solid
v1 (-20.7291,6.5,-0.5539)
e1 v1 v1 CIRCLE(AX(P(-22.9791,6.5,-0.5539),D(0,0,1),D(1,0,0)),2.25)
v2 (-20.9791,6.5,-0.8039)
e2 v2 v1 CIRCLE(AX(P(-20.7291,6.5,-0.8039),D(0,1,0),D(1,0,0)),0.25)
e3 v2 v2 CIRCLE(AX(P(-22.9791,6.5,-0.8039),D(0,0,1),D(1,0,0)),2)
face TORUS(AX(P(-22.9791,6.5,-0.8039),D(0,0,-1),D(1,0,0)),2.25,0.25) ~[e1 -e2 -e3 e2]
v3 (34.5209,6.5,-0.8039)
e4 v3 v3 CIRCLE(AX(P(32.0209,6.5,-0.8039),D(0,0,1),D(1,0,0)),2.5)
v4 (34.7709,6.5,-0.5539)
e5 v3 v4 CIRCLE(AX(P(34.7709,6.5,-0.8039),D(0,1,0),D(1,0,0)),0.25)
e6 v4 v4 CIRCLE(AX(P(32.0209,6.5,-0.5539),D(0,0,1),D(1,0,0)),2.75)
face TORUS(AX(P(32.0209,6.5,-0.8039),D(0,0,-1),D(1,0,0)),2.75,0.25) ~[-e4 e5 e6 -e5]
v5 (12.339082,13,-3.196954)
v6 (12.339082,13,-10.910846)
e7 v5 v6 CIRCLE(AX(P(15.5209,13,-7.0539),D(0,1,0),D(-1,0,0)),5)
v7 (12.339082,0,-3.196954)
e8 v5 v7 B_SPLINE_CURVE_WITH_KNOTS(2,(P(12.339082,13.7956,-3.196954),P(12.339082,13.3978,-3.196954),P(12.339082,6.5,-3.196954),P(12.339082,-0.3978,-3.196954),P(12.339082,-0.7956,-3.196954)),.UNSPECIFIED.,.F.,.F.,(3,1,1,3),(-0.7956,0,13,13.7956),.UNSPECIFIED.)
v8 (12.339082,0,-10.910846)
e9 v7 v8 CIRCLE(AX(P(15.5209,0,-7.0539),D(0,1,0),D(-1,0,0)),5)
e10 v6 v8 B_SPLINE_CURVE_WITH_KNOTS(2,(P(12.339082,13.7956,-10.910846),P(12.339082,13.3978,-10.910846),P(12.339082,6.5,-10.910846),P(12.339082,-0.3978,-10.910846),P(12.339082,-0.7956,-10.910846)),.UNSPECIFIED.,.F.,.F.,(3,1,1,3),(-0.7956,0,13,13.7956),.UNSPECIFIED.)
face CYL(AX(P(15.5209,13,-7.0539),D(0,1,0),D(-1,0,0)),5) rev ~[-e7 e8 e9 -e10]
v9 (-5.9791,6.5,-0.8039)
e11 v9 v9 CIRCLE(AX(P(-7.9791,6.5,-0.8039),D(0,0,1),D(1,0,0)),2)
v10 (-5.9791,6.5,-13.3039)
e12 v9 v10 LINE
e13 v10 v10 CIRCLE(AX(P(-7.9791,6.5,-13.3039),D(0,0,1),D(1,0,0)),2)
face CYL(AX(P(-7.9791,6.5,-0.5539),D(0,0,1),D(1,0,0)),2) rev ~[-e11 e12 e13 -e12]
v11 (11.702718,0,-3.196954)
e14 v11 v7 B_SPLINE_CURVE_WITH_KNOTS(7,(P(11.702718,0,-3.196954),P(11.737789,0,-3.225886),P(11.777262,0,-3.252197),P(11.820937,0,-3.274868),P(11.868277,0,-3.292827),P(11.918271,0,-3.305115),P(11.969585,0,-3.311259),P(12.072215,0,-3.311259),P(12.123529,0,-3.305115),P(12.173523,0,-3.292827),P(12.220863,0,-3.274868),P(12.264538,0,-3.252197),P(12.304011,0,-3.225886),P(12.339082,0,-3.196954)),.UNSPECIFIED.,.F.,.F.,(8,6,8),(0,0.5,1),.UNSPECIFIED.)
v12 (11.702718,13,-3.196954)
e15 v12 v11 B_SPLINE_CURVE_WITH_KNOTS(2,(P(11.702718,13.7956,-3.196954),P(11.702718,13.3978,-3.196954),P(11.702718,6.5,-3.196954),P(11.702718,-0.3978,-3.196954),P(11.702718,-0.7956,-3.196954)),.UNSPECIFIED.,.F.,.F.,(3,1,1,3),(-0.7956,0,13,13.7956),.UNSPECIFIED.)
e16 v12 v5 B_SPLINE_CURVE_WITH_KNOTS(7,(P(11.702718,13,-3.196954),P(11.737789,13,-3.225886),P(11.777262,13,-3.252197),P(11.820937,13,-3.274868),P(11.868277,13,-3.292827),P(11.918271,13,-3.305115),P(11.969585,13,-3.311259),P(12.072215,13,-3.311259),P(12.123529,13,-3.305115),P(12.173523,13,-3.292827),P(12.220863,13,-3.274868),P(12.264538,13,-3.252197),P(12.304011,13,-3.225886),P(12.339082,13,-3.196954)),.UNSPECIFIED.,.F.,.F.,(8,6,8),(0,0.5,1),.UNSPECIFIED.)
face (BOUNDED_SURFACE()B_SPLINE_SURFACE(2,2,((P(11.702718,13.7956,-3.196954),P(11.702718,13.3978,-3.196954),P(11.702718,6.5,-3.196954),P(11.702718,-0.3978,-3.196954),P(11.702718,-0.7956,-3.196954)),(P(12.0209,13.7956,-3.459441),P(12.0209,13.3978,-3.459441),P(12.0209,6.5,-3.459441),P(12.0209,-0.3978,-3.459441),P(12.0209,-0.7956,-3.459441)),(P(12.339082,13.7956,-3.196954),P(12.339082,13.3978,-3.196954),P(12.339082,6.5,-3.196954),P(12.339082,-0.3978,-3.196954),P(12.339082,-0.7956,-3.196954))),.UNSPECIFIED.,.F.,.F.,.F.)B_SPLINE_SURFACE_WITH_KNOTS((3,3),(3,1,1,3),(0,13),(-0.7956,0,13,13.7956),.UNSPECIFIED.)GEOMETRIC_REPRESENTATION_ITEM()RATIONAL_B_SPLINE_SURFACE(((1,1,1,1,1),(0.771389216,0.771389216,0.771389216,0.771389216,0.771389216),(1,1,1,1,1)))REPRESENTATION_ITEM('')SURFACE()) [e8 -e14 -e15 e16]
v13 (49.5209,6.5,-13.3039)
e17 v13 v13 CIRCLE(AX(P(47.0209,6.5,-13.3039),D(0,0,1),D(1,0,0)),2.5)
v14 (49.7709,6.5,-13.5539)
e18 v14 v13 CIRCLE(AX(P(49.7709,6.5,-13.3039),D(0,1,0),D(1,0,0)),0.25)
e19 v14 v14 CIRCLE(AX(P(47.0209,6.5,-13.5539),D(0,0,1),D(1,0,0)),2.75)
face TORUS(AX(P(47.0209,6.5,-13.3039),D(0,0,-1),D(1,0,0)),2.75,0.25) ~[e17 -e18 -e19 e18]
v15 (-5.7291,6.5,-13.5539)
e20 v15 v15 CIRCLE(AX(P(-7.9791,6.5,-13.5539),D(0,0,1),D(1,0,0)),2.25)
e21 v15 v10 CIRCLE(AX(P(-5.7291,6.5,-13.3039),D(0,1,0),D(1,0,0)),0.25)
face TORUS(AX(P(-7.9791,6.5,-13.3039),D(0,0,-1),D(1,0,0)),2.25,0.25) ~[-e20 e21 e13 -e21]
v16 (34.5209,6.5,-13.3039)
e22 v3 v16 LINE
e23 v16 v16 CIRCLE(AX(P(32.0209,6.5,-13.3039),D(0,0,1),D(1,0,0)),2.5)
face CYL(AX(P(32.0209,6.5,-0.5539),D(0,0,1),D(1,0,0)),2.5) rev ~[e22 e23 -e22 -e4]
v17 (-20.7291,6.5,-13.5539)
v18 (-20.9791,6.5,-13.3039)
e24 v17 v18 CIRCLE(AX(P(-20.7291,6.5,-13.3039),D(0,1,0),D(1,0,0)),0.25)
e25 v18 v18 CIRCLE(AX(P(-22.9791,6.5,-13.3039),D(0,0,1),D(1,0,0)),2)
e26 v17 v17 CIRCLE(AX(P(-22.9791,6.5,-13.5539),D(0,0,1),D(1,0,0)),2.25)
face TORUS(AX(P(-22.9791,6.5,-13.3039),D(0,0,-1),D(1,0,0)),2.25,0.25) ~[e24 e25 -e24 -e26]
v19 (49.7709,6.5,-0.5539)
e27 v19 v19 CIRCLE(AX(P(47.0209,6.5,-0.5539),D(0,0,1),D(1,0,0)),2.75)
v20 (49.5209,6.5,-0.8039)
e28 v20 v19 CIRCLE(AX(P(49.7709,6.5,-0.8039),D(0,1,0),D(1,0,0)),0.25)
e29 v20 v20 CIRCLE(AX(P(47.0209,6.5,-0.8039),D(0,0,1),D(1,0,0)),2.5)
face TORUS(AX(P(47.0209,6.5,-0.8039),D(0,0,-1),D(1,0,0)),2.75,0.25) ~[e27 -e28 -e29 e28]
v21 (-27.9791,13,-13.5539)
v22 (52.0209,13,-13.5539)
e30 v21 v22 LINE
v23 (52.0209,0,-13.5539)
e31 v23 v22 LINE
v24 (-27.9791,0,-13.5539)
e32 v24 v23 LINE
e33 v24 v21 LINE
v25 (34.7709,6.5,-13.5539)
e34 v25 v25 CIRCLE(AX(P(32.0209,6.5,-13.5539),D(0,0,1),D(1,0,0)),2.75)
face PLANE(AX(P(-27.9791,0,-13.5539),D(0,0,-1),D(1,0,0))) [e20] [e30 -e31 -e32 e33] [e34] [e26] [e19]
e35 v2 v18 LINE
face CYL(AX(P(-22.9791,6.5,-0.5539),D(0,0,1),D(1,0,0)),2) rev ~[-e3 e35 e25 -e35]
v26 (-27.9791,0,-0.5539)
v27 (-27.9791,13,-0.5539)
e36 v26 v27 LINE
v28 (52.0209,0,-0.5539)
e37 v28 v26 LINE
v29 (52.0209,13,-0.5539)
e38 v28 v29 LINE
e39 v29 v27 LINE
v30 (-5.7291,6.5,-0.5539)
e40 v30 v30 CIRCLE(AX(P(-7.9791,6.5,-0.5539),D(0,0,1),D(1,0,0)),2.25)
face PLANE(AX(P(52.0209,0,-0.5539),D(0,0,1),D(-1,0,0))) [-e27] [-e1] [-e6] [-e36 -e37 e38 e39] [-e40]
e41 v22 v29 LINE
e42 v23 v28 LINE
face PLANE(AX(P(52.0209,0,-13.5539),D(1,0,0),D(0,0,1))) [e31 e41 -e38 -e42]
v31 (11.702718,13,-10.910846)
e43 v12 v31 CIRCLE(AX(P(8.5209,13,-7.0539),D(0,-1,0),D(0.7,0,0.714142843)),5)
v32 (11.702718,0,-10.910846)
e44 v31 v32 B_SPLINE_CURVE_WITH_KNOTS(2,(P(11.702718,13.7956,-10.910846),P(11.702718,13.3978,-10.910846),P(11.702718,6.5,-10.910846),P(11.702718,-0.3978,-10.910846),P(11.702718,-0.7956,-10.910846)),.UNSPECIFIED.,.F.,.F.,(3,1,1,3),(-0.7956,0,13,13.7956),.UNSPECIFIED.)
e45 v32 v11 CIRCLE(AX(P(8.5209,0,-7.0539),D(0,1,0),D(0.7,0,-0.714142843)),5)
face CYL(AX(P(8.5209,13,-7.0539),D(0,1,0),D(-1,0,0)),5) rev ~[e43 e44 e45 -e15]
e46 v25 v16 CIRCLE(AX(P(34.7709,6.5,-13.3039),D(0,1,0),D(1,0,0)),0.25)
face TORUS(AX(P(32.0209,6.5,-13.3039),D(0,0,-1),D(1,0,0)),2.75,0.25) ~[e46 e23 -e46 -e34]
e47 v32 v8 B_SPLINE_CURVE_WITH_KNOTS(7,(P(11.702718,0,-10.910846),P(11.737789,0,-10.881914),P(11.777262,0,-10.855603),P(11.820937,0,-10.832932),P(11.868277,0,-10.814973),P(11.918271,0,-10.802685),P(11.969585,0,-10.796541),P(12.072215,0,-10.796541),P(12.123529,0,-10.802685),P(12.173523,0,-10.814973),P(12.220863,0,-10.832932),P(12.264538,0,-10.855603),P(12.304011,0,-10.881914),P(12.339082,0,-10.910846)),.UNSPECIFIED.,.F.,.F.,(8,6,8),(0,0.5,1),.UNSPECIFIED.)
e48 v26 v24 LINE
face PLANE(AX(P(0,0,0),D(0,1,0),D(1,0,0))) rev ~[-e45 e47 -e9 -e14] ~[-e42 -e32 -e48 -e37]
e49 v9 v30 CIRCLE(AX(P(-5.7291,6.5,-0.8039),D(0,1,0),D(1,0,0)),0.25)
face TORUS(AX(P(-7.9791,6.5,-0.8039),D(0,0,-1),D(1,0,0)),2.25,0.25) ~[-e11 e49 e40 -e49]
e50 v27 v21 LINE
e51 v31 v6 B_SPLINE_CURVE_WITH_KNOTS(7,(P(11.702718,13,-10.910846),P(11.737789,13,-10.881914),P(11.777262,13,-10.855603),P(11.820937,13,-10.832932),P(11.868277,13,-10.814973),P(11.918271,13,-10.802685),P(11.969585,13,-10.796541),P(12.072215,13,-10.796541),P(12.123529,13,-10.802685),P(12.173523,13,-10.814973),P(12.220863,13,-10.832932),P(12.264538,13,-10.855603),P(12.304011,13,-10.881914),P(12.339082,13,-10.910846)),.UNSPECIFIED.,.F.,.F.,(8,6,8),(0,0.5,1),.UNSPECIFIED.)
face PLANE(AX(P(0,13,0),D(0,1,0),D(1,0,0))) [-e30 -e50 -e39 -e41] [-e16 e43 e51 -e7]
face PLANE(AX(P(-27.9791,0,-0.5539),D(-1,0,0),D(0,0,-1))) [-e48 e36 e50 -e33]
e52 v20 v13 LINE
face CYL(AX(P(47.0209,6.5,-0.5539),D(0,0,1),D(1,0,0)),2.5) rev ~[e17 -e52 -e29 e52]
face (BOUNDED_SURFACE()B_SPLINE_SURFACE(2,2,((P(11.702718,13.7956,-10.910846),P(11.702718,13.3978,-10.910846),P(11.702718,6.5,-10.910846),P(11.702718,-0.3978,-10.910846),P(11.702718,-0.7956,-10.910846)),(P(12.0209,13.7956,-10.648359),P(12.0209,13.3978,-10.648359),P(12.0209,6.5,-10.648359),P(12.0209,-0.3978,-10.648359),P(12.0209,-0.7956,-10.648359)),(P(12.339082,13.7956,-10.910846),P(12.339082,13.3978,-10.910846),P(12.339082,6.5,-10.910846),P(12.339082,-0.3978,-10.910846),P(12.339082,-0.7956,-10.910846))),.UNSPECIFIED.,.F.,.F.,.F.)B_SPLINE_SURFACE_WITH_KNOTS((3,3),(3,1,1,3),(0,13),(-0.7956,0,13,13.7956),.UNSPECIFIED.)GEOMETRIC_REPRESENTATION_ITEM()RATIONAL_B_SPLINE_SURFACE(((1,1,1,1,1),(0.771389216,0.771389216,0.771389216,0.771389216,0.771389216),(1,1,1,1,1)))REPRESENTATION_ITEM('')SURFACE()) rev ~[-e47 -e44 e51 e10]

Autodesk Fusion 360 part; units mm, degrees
sketch "Sketch1" plane through (0, 0, 0) normal (0, 1, 0) x (1, 0, 0) in component "Rod"
  line L0 (-27.9791, 13.5539) -> (52.0209, 13.5539)
  line L1 (52.0209, 13.5539) -> (52.0209, 0.5539)
  line L2 (52.0209, 0.5539) -> (-27.9791, 0.5539)
  line L3 (-27.9791, 0.5539) -> (-27.9791, 13.5539)
  dimension "d1" = 80
  dimension "d2" = 13
extrude "Extrude1" add sketch "Sketch1" along normal blind 13 in component "Rod"
sketch "Sketch2" plane through (0, 13, 0) normal (0, 1, 0) x (-1, 0, 0) in component "Rod"
  line L0 (27.9791, -0.5539) -> (-52.0209, -0.5539)
  line L1 (-52.0209, -0.5539) -> (-52.0209, -13.5539)
  line L2 (-52.0209, -13.5539) -> (27.9791, -13.5539)
  line L3 (27.9791, -13.5539) -> (27.9791, -0.5539)
  line L4 (27.9791, -7.0539) -> (-52.0209, -7.0539) construction
  line L5 (-12.0209, -7.0539) -> (-12.0209, -13.5539) construction
  line L6 (-12.0209, -7.0539) -> (-12.0209, -0.5539) construction
  circle A0 centre (-8.5209, -7.0539) radius 5
  circle A1 centre (-15.5209, -7.0539) radius 5
  dimension "d5" = 10
  dimension "d6" = 10
  dimension "d7" = 3.5
  dimension "d8" = 3.5
extrude "Extrude2" cut sketch "Sketch2" against normal blind 13 contours A0 A1 | A0 A1 | A0 A1 in component "Rod"
sketch "Sketch3" plane through (0, 0, -0.5539) normal (0, 0, 1) x (1, 0, 0) in component "Rod"
  line L0 (-27.9791, 0) -> (52.0209, 0)
  line L1 (52.0209, 0) -> (52.0209, 13)
  line L2 (52.0209, 13) -> (-27.9791, 13)
  line L3 (-27.9791, 13) -> (-27.9791, 0)
  line L4 (-27.9791, 6.5) -> (52.0209, 6.5) construction
  circle A0 centre (-22.9791, 6.5) radius 2
  circle A1 centre (-7.9791, 6.5) radius 2
  circle A2 centre (32.0209, 6.5) radius 2.5
  circle A3 centre (47.0209, 6.5) radius 2.5
  line L5 (12.0209, 13) -> (12.0209, 0) construction
  dimension "d11" = 4
  dimension "d12" = 4
  dimension "d13" = 5
  dimension "d14" = 5
  dimension "d15" = 40
  dimension "d16" = 15
  dimension "d17" = 15
  dimension "d18" = 20
extrude "Extrude3" cut sketch "Sketch3" against normal blind 13 contours A0 | A1 | A2 | A3 in component "Rod"
fillet "Fillet1" radius 0.25 8 edges at (44.6901, 7.404, -0.5539) (29.6901, 7.404, -0.5539) (-9.8437, 7.2232, -0.5539) (-24.8437, 7.2232, -0.5539) (-24.8437, 5.7768, -13.5539) (-9.8437, 5.7768, -13.5539) (29.6901, 5.596, -13.5539) (44.6901, 5.596, -13.5539) in component "Rod"
fillet "Fillet2" radius 0.5 2 edges at (12.0209, 6.5, -3.4831) (12.0209, 6.5, -10.6246) in component "Rod"
component "Rod" placed x (1, 0, 0) y (0, 1, 0) z (0, 0, 1) at (0, 0, 0)
